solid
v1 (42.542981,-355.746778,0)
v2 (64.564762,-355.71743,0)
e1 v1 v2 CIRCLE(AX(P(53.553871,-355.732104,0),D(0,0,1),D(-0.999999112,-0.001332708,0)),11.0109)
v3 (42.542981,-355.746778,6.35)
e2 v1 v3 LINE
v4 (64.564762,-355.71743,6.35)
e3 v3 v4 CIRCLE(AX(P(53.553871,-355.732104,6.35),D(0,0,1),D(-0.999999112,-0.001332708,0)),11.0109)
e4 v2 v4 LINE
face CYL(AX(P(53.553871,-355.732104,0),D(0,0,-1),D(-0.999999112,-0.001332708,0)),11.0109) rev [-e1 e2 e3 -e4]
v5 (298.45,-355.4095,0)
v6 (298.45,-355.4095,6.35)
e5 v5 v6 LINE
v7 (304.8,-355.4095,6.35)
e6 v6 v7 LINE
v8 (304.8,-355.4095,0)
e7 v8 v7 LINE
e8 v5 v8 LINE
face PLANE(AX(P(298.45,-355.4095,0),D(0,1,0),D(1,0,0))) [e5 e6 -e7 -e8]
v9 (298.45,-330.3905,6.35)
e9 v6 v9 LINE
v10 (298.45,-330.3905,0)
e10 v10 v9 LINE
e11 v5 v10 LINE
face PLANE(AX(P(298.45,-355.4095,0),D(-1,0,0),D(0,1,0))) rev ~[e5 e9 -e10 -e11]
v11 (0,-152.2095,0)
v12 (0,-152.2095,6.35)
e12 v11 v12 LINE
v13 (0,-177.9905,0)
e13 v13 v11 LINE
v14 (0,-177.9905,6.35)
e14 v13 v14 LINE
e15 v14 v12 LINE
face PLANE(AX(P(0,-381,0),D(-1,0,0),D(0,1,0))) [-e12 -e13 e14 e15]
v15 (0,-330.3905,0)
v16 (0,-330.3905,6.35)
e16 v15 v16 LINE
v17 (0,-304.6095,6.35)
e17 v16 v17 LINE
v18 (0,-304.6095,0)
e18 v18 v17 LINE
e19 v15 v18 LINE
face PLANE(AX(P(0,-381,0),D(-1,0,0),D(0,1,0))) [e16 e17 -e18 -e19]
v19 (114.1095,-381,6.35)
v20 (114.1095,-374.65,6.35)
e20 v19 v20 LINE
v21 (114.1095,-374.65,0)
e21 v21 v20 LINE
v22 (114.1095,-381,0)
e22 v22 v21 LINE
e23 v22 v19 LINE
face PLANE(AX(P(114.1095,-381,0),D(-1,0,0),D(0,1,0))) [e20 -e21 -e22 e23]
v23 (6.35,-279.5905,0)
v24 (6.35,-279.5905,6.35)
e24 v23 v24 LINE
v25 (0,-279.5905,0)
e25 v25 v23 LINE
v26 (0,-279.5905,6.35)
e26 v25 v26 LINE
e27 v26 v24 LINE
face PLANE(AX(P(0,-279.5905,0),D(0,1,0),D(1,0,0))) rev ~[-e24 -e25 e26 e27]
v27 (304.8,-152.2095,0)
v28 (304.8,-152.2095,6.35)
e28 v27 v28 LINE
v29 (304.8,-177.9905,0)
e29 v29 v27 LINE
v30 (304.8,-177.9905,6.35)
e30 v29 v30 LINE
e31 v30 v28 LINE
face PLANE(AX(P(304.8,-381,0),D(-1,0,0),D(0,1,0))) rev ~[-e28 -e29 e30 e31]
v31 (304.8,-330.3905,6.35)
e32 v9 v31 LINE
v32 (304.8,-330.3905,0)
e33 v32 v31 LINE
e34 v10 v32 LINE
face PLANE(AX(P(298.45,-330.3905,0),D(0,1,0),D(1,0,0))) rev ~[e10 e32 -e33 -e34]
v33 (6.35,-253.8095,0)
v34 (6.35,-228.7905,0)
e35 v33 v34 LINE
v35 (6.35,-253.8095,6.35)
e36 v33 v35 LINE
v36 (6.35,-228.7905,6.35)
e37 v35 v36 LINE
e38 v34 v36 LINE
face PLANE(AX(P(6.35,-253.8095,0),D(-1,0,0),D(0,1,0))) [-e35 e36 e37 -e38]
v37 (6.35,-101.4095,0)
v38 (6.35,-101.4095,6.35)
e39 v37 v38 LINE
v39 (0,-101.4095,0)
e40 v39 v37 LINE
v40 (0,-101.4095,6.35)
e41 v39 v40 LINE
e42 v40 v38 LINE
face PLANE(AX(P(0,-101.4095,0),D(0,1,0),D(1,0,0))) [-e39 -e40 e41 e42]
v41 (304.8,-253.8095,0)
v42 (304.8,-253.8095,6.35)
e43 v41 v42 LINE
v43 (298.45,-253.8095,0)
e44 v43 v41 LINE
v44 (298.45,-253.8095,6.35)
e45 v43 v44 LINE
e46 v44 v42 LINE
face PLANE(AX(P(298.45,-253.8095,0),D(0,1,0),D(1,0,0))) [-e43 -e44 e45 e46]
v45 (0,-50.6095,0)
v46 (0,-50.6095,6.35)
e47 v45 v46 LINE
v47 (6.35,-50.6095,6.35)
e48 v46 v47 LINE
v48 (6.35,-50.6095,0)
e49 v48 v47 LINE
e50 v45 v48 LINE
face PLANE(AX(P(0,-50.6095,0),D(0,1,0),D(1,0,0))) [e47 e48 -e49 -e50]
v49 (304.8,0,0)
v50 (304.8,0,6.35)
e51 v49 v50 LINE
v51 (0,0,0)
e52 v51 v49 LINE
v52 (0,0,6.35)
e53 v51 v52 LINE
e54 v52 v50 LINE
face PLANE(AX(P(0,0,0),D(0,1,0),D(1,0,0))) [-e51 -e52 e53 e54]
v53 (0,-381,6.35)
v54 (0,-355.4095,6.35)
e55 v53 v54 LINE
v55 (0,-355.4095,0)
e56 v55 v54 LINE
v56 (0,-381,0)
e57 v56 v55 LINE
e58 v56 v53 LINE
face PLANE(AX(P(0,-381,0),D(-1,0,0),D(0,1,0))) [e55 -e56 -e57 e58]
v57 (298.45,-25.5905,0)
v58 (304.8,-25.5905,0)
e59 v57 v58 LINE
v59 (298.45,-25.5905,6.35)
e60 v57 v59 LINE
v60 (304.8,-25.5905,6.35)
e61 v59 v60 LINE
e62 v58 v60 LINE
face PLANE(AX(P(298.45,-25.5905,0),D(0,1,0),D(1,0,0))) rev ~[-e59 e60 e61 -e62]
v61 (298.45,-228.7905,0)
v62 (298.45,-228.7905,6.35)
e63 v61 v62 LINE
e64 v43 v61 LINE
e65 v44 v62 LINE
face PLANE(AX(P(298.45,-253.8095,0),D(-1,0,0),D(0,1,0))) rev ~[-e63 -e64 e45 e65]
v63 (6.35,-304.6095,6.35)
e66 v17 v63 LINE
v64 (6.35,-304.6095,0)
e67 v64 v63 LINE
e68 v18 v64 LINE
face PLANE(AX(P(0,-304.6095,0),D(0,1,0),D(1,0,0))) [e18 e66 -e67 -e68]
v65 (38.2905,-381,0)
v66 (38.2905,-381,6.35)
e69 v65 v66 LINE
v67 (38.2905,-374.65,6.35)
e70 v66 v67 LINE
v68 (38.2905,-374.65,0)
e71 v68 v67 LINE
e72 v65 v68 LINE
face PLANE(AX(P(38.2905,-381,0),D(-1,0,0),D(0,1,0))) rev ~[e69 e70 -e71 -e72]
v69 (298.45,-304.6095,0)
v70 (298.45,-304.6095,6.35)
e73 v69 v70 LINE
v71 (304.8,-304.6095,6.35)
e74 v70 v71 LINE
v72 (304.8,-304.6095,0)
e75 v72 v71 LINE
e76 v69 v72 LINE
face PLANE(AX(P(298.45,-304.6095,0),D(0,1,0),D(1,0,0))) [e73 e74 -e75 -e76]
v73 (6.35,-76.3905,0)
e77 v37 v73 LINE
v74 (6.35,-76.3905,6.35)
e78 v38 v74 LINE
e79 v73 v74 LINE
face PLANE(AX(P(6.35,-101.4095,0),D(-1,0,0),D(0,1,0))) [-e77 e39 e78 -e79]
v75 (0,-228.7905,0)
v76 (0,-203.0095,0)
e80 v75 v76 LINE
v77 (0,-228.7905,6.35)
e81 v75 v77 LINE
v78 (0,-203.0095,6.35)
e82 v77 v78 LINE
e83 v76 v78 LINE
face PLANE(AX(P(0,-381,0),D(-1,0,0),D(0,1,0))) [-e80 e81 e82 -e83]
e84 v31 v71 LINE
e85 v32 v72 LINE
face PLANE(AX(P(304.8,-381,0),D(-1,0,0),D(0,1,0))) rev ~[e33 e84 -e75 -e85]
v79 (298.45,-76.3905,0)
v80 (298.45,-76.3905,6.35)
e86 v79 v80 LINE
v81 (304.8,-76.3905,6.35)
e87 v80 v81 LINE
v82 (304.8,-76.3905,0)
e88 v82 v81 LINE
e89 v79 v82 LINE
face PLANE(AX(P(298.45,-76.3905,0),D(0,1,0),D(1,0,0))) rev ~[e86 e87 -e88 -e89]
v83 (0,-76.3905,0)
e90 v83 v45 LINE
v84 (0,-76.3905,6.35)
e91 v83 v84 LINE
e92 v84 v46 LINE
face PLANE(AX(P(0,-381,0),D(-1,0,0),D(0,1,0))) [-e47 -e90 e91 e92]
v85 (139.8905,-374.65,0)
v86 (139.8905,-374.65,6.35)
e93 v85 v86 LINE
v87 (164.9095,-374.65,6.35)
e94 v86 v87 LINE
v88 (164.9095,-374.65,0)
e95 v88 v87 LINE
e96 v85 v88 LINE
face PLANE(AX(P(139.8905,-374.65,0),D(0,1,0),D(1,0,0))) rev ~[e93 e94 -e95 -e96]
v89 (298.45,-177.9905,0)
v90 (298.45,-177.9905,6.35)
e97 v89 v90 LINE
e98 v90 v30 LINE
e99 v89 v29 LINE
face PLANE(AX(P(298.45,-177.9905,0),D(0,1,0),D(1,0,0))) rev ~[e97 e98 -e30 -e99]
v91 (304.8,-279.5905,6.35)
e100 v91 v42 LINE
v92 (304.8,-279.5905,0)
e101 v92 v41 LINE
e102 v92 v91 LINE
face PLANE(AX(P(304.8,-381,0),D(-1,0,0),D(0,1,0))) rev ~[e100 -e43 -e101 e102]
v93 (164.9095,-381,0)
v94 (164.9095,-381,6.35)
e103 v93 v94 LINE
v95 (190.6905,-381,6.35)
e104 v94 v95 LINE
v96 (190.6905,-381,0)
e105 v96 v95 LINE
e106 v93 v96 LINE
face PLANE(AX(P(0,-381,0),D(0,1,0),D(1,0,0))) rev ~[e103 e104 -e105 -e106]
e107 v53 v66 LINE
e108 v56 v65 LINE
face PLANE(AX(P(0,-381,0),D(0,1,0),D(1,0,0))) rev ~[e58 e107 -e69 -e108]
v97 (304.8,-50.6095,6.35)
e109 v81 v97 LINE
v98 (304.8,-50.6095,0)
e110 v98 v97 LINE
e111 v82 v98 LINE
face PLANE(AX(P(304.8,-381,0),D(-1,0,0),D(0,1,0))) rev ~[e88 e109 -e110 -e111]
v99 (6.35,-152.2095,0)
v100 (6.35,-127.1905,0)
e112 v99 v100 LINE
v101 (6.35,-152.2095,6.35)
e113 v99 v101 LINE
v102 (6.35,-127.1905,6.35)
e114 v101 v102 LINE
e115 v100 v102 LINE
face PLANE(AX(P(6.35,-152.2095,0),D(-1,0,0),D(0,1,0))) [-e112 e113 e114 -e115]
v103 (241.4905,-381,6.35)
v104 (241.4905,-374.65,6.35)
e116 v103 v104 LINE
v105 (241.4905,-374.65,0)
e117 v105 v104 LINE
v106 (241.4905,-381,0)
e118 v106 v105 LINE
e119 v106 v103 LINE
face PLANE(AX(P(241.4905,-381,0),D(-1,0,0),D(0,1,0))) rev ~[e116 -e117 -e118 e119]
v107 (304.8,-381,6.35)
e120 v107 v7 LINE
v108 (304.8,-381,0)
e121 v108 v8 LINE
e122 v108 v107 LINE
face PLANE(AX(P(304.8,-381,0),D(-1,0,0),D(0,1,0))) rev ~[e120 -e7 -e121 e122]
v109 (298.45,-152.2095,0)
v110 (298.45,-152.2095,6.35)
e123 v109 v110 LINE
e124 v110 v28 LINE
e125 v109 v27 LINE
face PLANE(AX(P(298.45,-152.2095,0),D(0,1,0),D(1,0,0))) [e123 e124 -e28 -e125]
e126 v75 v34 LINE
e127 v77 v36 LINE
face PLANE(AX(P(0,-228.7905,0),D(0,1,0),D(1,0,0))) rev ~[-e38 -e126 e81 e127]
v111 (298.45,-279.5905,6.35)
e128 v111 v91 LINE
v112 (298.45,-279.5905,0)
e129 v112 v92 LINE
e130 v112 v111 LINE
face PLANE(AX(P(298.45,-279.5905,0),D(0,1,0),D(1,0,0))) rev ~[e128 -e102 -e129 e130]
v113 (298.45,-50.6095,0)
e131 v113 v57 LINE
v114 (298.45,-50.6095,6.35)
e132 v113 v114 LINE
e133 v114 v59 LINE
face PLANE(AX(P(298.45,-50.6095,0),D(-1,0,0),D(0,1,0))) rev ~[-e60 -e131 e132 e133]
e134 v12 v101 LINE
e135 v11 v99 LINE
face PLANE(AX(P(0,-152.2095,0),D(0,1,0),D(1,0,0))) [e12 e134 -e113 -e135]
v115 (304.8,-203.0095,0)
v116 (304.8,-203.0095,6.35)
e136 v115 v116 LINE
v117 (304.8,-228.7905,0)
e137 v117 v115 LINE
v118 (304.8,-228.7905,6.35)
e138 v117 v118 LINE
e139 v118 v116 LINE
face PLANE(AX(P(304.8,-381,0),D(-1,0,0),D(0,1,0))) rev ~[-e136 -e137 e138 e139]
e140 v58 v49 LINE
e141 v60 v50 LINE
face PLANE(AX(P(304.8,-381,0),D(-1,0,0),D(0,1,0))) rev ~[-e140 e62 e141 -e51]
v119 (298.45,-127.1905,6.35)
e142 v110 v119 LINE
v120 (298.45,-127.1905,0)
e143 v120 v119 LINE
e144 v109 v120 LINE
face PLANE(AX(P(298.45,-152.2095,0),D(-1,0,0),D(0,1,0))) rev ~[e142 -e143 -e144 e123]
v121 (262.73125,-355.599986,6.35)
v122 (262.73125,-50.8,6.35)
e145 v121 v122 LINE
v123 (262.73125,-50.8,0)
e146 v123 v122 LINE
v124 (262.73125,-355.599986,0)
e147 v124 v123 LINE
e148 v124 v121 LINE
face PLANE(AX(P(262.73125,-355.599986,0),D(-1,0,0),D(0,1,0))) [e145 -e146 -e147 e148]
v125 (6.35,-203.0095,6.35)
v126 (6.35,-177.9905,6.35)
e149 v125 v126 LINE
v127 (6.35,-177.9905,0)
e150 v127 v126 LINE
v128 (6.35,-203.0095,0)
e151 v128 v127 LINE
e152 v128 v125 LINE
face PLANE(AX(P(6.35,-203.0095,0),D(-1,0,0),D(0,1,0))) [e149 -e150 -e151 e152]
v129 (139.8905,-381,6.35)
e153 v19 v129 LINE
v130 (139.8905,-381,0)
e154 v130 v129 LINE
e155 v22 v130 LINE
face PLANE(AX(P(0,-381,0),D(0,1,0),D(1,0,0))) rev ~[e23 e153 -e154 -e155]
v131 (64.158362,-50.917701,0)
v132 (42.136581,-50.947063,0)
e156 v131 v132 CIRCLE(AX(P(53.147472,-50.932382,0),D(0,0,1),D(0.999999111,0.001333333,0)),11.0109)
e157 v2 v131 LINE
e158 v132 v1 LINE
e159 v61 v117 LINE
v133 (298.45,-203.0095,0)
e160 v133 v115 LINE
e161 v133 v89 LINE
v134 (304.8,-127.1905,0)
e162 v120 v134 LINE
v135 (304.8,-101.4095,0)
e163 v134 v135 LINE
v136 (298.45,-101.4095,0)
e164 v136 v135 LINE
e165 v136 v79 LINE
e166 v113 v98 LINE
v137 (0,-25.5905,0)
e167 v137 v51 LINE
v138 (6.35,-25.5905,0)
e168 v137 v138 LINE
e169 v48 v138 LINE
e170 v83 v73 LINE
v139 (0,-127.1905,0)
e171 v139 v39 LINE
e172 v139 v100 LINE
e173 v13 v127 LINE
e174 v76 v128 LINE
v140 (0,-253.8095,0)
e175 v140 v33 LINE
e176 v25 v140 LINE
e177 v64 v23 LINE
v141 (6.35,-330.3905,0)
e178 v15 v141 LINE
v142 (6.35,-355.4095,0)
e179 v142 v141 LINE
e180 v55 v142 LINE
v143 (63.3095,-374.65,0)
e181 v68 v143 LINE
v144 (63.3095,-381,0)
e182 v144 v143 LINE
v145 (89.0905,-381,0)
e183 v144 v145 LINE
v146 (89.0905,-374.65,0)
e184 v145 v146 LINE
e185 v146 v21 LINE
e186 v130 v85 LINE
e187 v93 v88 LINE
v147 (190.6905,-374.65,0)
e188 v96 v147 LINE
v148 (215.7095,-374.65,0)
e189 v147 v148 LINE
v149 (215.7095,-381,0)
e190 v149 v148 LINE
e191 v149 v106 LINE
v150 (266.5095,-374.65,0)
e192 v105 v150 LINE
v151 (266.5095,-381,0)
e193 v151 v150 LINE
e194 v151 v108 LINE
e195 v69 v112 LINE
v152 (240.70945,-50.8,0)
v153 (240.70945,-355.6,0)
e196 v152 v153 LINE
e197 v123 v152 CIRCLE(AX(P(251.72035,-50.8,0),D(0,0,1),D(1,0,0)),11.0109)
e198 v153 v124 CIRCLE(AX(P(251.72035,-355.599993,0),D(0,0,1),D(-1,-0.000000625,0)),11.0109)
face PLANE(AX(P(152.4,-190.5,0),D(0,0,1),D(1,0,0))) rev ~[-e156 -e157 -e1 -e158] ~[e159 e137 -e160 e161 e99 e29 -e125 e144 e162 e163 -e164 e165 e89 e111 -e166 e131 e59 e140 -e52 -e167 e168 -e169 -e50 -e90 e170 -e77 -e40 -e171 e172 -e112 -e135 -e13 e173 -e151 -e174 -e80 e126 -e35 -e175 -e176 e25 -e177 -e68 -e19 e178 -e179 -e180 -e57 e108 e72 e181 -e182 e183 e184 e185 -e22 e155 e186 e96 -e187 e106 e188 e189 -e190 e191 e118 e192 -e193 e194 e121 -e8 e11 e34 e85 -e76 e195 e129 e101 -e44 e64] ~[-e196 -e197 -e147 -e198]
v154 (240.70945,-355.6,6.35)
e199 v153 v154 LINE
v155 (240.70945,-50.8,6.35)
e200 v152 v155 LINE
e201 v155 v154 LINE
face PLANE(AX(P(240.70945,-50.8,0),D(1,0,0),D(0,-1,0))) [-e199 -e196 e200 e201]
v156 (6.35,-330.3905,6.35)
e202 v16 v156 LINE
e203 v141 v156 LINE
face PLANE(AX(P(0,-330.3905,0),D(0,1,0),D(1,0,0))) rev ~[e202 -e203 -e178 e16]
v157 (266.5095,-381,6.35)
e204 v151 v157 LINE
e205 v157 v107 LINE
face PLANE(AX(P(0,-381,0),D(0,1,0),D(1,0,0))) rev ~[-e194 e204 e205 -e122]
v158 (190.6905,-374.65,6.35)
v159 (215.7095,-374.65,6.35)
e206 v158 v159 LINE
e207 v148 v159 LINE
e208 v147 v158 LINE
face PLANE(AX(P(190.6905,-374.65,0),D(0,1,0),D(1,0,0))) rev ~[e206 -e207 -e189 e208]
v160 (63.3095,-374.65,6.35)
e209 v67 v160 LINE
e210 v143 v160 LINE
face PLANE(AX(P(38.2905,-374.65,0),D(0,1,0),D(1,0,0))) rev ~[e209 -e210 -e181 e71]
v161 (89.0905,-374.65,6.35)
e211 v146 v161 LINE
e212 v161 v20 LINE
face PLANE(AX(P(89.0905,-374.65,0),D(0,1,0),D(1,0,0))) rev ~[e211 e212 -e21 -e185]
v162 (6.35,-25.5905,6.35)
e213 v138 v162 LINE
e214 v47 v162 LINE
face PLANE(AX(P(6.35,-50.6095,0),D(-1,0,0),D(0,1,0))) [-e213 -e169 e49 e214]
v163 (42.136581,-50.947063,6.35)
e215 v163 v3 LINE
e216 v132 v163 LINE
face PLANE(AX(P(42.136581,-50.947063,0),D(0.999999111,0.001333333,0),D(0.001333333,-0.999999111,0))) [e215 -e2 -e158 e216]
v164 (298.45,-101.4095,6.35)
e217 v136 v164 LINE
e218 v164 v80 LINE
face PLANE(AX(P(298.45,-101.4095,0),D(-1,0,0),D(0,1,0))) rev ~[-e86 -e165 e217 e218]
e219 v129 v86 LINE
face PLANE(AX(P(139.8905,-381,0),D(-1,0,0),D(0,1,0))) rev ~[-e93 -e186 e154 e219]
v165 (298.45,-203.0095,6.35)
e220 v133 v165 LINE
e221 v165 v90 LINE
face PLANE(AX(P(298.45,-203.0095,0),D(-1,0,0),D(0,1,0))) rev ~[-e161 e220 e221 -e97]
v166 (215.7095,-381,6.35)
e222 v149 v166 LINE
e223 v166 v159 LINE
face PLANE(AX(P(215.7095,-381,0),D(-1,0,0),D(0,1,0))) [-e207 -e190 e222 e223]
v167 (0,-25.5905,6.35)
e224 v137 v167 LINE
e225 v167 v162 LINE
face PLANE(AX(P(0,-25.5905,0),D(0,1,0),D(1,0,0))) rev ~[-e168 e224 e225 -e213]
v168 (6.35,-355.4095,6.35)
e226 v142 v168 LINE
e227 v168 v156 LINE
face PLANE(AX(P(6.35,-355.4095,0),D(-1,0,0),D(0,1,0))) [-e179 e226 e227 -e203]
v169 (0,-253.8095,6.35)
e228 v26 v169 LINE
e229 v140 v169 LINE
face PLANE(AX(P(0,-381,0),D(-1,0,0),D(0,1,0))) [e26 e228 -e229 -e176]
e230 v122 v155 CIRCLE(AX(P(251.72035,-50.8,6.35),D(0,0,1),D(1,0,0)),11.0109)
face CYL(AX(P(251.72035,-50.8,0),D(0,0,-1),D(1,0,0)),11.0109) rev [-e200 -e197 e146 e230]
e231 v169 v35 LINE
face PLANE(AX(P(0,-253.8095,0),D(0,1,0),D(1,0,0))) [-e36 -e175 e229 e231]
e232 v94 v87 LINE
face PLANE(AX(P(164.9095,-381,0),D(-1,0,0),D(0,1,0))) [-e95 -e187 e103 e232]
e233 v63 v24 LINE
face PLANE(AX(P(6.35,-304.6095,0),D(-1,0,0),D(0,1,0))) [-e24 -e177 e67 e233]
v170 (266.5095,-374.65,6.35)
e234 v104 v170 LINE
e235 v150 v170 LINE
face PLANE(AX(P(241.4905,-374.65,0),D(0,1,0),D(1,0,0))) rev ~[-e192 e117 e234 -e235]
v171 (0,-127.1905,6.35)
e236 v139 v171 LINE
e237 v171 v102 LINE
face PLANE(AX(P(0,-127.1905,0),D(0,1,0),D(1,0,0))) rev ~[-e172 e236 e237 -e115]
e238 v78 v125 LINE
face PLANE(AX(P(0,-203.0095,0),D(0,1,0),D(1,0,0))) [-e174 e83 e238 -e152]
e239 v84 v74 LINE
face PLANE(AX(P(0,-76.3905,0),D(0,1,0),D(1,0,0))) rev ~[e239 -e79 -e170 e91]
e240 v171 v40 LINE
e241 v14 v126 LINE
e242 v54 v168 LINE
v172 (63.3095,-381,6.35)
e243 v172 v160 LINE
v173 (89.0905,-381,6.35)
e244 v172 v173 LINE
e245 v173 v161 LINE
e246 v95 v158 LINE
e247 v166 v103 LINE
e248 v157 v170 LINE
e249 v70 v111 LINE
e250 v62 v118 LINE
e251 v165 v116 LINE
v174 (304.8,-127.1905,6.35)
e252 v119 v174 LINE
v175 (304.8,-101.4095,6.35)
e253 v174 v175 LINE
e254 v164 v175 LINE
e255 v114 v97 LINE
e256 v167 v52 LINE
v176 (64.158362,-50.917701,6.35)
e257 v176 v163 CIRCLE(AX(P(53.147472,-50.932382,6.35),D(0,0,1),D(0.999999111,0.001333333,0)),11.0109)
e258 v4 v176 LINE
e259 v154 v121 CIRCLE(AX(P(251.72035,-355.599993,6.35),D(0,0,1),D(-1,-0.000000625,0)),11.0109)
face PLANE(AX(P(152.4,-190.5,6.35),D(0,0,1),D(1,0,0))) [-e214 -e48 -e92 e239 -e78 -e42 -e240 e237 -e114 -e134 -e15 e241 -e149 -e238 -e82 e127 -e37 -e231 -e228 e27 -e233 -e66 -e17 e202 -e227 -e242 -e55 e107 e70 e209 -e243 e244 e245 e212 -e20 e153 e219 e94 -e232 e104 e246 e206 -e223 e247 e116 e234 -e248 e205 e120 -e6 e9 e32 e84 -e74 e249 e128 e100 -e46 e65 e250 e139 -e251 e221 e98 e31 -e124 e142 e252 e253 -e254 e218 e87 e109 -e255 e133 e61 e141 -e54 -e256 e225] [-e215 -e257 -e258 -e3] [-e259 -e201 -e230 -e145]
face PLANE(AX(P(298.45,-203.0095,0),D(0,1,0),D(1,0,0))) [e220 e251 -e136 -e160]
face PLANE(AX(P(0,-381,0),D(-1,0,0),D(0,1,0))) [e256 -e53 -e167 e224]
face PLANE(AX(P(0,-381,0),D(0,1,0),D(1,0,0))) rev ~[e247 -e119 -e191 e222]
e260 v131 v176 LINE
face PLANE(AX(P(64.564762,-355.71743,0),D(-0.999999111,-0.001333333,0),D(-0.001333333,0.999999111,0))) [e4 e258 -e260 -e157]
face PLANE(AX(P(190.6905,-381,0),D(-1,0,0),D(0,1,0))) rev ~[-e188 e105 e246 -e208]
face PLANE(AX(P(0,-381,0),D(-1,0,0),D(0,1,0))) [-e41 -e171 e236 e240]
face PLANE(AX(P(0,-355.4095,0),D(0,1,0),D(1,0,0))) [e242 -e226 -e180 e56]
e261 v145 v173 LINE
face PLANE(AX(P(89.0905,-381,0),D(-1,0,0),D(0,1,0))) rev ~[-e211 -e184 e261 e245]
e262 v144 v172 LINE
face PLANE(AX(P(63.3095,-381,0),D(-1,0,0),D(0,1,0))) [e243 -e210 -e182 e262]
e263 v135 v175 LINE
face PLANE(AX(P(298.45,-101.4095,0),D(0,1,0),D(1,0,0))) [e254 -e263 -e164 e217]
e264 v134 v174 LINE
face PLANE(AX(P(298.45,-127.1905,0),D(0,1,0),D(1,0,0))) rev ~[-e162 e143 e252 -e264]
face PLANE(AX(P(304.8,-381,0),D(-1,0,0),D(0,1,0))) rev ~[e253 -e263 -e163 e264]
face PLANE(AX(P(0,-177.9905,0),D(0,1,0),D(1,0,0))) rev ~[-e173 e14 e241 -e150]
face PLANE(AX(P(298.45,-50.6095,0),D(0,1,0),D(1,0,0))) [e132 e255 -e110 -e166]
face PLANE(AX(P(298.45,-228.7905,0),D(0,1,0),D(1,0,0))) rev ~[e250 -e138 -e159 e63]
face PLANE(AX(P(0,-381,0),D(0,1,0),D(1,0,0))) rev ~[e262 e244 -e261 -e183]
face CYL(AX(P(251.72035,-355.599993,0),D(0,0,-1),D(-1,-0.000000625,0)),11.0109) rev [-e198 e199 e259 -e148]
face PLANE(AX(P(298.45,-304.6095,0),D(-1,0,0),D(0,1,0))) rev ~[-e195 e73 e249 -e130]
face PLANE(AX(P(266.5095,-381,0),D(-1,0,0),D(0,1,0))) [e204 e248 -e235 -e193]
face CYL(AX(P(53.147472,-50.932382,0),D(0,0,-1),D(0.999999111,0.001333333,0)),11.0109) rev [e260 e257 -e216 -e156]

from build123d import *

# Parameters (mm, degrees)
SKETCH1_W           = 304.8
SKETCH1_H           = 381
BOSS_EXTRUDE1_DEPTH = 6.35
SKETCH2_W           = 6.35
SKETCH2_H           = 25.019
SKETCH2_W_2         = 25.019
SKETCH2_H_2         = 6.35
CUT_EXTRUDE3_DEPTH  = 6.35


with BuildPart() as part:
    # Sketch1 → Boss-Extrude1 (new body)
    with BuildSketch(Plane.XY):
        with Locations((152.4, -190.5)):
            Rectangle(SKETCH1_W, SKETCH1_H)
    extrude(amount=BOSS_EXTRUDE1_DEPTH)

    # Sketch2 → Cut-Extrude3 (cut)
    with BuildSketch(Plane.XY):
        with Locations((301.625, -38.1)):
            Rectangle(SKETCH2_W, SKETCH2_H)
        with BuildLine():
            Line((240.70945, -50.8), (240.70945, -355.600000025))
            ThreePointArc((240.70945, -355.600000025), (251.720356878, -366.610893146), (262.73125, -355.599986268))
            Line((262.73125, -355.599986268), (262.73125, -50.8))
            ThreePointArc((262.73125, -50.8), (251.72035, -39.7891), (240.70945, -50.8))
        make_face()
        with Locations((3.175, -38.1)):
            Rectangle(SKETCH2_W, SKETCH2_H)
        with Locations((301.625, -88.9)):
            Rectangle(SKETCH2_W, SKETCH2_H)
        with Locations((301.625, -139.7)):
            Rectangle(SKETCH2_W, SKETCH2_H)
        with Locations((301.625, -190.5)):
            Rectangle(SKETCH2_W, SKETCH2_H)
        with Locations((301.625, -241.3)):
            Rectangle(SKETCH2_W, SKETCH2_H)
        with Locations((301.625, -292.1)):
            Rectangle(SKETCH2_W, SKETCH2_H)
        with Locations((301.625, -342.9)):
            Rectangle(SKETCH2_W, SKETCH2_H)
        with Locations((3.175, -88.9)):
            Rectangle(SKETCH2_W, SKETCH2_H)
        with Locations((3.175, -139.7)):
            Rectangle(SKETCH2_W, SKETCH2_H)
        with Locations((3.175, -190.5)):
            Rectangle(SKETCH2_W, SKETCH2_H)
        with Locations((3.175, -241.3)):
            Rectangle(SKETCH2_W, SKETCH2_H)
        with Locations((3.175, -292.1)):
            Rectangle(SKETCH2_W, SKETCH2_H)
        with Locations((3.175, -342.9)):
            Rectangle(SKETCH2_W, SKETCH2_H)
        with Locations((101.6, -377.825)):
            Rectangle(SKETCH2_W_2, SKETCH2_H_2)
        with Locations((50.8, -377.825)):
            Rectangle(SKETCH2_W_2, SKETCH2_H_2)
        with Locations((152.4, -377.825)):
            Rectangle(SKETCH2_W_2, SKETCH2_H_2)
        with Locations((203.2, -377.825)):
            Rectangle(SKETCH2_W_2, SKETCH2_H_2)
        with Locations((254, -377.825)):
            Rectangle(SKETCH2_W_2, SKETCH2_H_2)
        with BuildLine():
            Line((42.136581375, -50.947063112), (42.542981176, -355.746778447))
            ThreePointArc((42.542981176, -355.746778447), (53.568545713, -366.742994354), (64.56476162, -355.717429817))
            Line((64.56476162, -355.717429817), (64.1583618, -50.917700725))
            ThreePointArc((64.1583618, -50.917700725), (53.132790394, -39.921491706), (42.136581375, -50.947063112))
        make_face()
    extrude(amount=CUT_EXTRUDE3_DEPTH, mode=Mode.SUBTRACT)


solid = part.part
